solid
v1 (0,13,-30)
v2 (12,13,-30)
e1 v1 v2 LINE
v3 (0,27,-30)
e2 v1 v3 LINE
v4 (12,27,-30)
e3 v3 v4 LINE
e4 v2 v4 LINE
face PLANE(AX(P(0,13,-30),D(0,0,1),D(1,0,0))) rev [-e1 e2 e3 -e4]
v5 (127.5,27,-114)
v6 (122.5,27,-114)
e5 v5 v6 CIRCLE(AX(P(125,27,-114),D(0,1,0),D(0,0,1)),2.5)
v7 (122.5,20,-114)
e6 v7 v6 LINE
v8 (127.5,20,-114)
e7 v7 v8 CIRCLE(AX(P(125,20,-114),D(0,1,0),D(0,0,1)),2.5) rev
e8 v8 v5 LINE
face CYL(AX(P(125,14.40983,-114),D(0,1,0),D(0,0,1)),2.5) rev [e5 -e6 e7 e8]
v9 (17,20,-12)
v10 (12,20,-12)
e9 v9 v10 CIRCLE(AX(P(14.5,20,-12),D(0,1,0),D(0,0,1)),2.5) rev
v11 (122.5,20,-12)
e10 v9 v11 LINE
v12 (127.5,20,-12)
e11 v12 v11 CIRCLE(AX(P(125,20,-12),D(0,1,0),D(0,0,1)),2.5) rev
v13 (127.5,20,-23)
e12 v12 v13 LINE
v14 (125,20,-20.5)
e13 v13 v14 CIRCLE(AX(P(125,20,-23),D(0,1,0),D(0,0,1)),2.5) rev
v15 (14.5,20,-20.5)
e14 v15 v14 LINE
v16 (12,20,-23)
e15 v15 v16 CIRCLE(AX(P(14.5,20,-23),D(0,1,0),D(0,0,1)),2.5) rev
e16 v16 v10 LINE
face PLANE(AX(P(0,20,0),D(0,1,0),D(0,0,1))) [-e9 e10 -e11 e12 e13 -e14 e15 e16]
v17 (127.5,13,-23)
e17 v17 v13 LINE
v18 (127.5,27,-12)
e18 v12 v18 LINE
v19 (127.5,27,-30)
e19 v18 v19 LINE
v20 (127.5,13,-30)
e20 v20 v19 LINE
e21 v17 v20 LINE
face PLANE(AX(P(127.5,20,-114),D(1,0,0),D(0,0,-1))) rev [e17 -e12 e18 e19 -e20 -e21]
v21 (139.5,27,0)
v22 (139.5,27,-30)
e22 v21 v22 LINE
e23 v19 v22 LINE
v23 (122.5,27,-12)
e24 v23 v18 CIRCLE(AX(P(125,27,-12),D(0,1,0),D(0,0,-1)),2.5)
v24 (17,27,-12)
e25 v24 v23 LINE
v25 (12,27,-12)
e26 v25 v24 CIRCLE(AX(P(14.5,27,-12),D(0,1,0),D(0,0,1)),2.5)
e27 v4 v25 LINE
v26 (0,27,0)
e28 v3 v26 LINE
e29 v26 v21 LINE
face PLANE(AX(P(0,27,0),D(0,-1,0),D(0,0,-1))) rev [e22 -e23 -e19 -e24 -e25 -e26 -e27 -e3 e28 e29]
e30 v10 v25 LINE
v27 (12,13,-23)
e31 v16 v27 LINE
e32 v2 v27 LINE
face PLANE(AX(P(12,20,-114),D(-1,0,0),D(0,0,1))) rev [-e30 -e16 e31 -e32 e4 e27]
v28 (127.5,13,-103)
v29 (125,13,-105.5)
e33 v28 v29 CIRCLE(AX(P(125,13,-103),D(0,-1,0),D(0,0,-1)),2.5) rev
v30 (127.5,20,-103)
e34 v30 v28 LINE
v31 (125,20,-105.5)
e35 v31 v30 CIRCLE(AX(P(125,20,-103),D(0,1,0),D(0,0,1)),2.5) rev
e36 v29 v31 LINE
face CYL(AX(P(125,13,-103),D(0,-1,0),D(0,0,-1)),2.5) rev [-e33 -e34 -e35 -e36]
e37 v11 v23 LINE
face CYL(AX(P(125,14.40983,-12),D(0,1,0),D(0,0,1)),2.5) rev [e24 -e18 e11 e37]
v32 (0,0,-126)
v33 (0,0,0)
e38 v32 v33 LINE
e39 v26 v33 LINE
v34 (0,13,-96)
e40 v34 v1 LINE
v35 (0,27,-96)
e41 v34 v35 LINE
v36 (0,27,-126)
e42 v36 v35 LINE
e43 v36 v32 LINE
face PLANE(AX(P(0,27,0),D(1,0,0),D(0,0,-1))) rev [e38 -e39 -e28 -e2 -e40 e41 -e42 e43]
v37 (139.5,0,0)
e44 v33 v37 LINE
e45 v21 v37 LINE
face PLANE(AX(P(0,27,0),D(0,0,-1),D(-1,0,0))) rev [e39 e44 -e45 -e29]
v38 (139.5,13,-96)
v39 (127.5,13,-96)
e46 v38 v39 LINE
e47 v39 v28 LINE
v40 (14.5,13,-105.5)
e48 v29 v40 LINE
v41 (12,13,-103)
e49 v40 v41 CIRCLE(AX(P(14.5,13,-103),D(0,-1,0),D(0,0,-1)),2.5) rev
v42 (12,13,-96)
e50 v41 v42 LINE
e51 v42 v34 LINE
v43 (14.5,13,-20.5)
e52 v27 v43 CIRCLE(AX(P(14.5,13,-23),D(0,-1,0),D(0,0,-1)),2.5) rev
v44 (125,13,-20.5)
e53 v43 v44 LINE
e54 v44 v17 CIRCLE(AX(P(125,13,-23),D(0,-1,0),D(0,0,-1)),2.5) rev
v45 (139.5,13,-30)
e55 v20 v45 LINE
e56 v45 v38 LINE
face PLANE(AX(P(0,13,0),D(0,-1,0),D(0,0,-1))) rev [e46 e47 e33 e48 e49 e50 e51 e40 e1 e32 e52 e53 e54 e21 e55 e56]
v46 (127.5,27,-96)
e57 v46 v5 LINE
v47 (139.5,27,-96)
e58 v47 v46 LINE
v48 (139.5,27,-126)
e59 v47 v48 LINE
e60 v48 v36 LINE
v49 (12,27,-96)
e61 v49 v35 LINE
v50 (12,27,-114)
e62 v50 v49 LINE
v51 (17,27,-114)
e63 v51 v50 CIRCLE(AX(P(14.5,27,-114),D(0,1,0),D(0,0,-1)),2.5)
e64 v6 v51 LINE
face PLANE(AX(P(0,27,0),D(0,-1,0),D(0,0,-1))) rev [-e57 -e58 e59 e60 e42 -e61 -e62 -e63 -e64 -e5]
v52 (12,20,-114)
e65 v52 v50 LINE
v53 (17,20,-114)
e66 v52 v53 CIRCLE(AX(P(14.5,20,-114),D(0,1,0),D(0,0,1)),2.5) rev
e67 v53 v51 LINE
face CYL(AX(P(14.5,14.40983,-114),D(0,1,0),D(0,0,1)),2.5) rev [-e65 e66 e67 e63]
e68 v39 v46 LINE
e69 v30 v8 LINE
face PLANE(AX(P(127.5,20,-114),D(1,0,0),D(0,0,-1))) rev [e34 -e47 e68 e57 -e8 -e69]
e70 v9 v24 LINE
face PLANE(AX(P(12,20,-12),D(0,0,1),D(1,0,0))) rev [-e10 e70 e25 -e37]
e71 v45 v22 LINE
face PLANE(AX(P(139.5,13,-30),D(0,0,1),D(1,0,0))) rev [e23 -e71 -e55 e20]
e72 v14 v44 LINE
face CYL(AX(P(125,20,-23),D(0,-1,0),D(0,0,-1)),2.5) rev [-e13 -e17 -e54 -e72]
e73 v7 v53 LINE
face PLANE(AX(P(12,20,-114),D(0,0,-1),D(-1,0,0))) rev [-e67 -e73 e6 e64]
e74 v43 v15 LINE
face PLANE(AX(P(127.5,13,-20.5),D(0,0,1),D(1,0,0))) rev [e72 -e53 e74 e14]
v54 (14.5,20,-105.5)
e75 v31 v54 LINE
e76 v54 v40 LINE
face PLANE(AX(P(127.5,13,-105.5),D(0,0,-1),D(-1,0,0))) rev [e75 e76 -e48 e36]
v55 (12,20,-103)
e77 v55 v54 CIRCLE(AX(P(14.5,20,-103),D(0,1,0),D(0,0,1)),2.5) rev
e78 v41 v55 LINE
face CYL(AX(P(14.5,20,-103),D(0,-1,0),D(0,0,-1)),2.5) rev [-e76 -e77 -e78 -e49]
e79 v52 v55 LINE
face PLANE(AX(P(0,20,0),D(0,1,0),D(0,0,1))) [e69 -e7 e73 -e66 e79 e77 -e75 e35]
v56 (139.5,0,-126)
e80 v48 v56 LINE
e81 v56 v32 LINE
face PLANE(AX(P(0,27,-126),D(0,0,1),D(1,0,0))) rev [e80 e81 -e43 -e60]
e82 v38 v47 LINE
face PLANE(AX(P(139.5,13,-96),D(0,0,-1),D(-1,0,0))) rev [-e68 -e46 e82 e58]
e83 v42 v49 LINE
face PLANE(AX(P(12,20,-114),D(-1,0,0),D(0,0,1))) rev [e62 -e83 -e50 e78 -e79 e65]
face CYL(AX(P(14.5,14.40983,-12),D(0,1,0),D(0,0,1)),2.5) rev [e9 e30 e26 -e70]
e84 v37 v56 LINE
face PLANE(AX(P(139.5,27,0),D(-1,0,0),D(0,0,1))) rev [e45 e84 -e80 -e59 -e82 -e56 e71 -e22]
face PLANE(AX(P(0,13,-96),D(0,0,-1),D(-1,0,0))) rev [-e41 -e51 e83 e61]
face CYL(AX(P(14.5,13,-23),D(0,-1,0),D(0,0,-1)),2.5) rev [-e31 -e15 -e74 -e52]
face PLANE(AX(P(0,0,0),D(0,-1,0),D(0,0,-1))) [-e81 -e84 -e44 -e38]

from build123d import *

# Parameters (mm, degrees)
SKETCH1_W           = 139.5
SKETCH1_H           = 126
BOSS_EXTRUDE1_DEPTH = 27
SKETCH2_W           = 115.5
SKETCH2_H           = 102
CUT_EXTRUDE1_DEPTH  = 7
SKETCH3_W           = 115.5
SKETCH3_H           = 85
CUT_EXTRUDE2_DEPTH  = 7
SKETCH4_W           = 12
SKETCH4_H           = 66
CUT_EXTRUDE3_DEPTH  = 14
SKETCH5_W           = 12
SKETCH5_H           = 66
CUT_EXTRUDE4_DEPTH  = 14
CUT_EXTRUDE5_DEPTH  = 7
FILLET1_R           = 2.5


with BuildPart() as part:
    # Sketch1 → Boss-Extrude1 (new body)
    with BuildSketch(Plane(origin=(0, 0, 0), x_dir=(1, 0, 0), z_dir=(0, 1, 0))):
        with Locations((69.75, 63)):
            Rectangle(SKETCH1_W, SKETCH1_H)
    extrude(amount=BOSS_EXTRUDE1_DEPTH)

    # Sketch2 → Cut-Extrude1 (cut)
    with BuildSketch(Plane(origin=(0, 27, 0), x_dir=(1, 0, 0), z_dir=(0, 1, 0))):
        with Locations((69.75, 63)):
            Rectangle(SKETCH2_W, SKETCH2_H)
    extrude(amount=-CUT_EXTRUDE1_DEPTH, mode=Mode.SUBTRACT)

    # Sketch3 → Cut-Extrude2 (cut)
    with BuildSketch(Plane(origin=(0, 20, 0), x_dir=(1, 0, 0), z_dir=(0, 1, 0))):
        with Locations((69.75, 63)):
            Rectangle(SKETCH3_W, SKETCH3_H)
    extrude(amount=-CUT_EXTRUDE2_DEPTH, mode=Mode.SUBTRACT)

    # Sketch4 → Cut-Extrude3 (cut)
    with BuildSketch(Plane(origin=(0, 27, 0), x_dir=(1, 0, 0), z_dir=(0, 1, 0))):
        with Locations((6, 63)):
            Rectangle(SKETCH4_W, SKETCH4_H)
    extrude(amount=-CUT_EXTRUDE3_DEPTH, mode=Mode.SUBTRACT)

    # Sketch5 → Cut-Extrude4 (cut)
    with BuildSketch(Plane(origin=(0, 27, 0), x_dir=(1, 0, 0), z_dir=(0, 1, 0))):
        with Locations((133.5, 63)):
            Rectangle(SKETCH5_W, SKETCH5_H)
    extrude(amount=-CUT_EXTRUDE4_DEPTH, mode=Mode.SUBTRACT)

    # Sketch6 → Cut-Extrude5 (cut)
    with BuildSketch(Plane(origin=(0, 27, 0), x_dir=(1, 0, 0), z_dir=(0, 1, 0))):
        with BuildLine():
            Line((12, 12), (17, 12))
            ThreePointArc((17, 12), (14.5, 9.5), (12, 12))
        make_face()
        with BuildLine():
            Line((122.5, 12), (127.5, 12))
            ThreePointArc((127.5, 12), (125, 9.5), (122.5, 12))
        make_face()
        with BuildLine():
            Line((12, 114), (17, 114))
            ThreePointArc((17, 114), (14.5, 116.5), (12, 114))
        make_face()
        with BuildLine():
            Line((122.5, 114), (127.5, 114))
            ThreePointArc((127.5, 114), (125, 116.5), (122.5, 114))
        make_face()
    extrude(amount=-CUT_EXTRUDE5_DEPTH, mode=Mode.SUBTRACT)

    # Fillet1
    fillet1_edges = [part.edges().sort_by_distance(p)[0] for p in [
        (127.5, 16.5, -105.5),
        (127.5, 16.5, -20.5),
        (12, 16.5, -20.5),
        (12, 16.5, -105.5),
    ]]
    fillet(fillet1_edges, radius=FILLET1_R)


solid = part.part
